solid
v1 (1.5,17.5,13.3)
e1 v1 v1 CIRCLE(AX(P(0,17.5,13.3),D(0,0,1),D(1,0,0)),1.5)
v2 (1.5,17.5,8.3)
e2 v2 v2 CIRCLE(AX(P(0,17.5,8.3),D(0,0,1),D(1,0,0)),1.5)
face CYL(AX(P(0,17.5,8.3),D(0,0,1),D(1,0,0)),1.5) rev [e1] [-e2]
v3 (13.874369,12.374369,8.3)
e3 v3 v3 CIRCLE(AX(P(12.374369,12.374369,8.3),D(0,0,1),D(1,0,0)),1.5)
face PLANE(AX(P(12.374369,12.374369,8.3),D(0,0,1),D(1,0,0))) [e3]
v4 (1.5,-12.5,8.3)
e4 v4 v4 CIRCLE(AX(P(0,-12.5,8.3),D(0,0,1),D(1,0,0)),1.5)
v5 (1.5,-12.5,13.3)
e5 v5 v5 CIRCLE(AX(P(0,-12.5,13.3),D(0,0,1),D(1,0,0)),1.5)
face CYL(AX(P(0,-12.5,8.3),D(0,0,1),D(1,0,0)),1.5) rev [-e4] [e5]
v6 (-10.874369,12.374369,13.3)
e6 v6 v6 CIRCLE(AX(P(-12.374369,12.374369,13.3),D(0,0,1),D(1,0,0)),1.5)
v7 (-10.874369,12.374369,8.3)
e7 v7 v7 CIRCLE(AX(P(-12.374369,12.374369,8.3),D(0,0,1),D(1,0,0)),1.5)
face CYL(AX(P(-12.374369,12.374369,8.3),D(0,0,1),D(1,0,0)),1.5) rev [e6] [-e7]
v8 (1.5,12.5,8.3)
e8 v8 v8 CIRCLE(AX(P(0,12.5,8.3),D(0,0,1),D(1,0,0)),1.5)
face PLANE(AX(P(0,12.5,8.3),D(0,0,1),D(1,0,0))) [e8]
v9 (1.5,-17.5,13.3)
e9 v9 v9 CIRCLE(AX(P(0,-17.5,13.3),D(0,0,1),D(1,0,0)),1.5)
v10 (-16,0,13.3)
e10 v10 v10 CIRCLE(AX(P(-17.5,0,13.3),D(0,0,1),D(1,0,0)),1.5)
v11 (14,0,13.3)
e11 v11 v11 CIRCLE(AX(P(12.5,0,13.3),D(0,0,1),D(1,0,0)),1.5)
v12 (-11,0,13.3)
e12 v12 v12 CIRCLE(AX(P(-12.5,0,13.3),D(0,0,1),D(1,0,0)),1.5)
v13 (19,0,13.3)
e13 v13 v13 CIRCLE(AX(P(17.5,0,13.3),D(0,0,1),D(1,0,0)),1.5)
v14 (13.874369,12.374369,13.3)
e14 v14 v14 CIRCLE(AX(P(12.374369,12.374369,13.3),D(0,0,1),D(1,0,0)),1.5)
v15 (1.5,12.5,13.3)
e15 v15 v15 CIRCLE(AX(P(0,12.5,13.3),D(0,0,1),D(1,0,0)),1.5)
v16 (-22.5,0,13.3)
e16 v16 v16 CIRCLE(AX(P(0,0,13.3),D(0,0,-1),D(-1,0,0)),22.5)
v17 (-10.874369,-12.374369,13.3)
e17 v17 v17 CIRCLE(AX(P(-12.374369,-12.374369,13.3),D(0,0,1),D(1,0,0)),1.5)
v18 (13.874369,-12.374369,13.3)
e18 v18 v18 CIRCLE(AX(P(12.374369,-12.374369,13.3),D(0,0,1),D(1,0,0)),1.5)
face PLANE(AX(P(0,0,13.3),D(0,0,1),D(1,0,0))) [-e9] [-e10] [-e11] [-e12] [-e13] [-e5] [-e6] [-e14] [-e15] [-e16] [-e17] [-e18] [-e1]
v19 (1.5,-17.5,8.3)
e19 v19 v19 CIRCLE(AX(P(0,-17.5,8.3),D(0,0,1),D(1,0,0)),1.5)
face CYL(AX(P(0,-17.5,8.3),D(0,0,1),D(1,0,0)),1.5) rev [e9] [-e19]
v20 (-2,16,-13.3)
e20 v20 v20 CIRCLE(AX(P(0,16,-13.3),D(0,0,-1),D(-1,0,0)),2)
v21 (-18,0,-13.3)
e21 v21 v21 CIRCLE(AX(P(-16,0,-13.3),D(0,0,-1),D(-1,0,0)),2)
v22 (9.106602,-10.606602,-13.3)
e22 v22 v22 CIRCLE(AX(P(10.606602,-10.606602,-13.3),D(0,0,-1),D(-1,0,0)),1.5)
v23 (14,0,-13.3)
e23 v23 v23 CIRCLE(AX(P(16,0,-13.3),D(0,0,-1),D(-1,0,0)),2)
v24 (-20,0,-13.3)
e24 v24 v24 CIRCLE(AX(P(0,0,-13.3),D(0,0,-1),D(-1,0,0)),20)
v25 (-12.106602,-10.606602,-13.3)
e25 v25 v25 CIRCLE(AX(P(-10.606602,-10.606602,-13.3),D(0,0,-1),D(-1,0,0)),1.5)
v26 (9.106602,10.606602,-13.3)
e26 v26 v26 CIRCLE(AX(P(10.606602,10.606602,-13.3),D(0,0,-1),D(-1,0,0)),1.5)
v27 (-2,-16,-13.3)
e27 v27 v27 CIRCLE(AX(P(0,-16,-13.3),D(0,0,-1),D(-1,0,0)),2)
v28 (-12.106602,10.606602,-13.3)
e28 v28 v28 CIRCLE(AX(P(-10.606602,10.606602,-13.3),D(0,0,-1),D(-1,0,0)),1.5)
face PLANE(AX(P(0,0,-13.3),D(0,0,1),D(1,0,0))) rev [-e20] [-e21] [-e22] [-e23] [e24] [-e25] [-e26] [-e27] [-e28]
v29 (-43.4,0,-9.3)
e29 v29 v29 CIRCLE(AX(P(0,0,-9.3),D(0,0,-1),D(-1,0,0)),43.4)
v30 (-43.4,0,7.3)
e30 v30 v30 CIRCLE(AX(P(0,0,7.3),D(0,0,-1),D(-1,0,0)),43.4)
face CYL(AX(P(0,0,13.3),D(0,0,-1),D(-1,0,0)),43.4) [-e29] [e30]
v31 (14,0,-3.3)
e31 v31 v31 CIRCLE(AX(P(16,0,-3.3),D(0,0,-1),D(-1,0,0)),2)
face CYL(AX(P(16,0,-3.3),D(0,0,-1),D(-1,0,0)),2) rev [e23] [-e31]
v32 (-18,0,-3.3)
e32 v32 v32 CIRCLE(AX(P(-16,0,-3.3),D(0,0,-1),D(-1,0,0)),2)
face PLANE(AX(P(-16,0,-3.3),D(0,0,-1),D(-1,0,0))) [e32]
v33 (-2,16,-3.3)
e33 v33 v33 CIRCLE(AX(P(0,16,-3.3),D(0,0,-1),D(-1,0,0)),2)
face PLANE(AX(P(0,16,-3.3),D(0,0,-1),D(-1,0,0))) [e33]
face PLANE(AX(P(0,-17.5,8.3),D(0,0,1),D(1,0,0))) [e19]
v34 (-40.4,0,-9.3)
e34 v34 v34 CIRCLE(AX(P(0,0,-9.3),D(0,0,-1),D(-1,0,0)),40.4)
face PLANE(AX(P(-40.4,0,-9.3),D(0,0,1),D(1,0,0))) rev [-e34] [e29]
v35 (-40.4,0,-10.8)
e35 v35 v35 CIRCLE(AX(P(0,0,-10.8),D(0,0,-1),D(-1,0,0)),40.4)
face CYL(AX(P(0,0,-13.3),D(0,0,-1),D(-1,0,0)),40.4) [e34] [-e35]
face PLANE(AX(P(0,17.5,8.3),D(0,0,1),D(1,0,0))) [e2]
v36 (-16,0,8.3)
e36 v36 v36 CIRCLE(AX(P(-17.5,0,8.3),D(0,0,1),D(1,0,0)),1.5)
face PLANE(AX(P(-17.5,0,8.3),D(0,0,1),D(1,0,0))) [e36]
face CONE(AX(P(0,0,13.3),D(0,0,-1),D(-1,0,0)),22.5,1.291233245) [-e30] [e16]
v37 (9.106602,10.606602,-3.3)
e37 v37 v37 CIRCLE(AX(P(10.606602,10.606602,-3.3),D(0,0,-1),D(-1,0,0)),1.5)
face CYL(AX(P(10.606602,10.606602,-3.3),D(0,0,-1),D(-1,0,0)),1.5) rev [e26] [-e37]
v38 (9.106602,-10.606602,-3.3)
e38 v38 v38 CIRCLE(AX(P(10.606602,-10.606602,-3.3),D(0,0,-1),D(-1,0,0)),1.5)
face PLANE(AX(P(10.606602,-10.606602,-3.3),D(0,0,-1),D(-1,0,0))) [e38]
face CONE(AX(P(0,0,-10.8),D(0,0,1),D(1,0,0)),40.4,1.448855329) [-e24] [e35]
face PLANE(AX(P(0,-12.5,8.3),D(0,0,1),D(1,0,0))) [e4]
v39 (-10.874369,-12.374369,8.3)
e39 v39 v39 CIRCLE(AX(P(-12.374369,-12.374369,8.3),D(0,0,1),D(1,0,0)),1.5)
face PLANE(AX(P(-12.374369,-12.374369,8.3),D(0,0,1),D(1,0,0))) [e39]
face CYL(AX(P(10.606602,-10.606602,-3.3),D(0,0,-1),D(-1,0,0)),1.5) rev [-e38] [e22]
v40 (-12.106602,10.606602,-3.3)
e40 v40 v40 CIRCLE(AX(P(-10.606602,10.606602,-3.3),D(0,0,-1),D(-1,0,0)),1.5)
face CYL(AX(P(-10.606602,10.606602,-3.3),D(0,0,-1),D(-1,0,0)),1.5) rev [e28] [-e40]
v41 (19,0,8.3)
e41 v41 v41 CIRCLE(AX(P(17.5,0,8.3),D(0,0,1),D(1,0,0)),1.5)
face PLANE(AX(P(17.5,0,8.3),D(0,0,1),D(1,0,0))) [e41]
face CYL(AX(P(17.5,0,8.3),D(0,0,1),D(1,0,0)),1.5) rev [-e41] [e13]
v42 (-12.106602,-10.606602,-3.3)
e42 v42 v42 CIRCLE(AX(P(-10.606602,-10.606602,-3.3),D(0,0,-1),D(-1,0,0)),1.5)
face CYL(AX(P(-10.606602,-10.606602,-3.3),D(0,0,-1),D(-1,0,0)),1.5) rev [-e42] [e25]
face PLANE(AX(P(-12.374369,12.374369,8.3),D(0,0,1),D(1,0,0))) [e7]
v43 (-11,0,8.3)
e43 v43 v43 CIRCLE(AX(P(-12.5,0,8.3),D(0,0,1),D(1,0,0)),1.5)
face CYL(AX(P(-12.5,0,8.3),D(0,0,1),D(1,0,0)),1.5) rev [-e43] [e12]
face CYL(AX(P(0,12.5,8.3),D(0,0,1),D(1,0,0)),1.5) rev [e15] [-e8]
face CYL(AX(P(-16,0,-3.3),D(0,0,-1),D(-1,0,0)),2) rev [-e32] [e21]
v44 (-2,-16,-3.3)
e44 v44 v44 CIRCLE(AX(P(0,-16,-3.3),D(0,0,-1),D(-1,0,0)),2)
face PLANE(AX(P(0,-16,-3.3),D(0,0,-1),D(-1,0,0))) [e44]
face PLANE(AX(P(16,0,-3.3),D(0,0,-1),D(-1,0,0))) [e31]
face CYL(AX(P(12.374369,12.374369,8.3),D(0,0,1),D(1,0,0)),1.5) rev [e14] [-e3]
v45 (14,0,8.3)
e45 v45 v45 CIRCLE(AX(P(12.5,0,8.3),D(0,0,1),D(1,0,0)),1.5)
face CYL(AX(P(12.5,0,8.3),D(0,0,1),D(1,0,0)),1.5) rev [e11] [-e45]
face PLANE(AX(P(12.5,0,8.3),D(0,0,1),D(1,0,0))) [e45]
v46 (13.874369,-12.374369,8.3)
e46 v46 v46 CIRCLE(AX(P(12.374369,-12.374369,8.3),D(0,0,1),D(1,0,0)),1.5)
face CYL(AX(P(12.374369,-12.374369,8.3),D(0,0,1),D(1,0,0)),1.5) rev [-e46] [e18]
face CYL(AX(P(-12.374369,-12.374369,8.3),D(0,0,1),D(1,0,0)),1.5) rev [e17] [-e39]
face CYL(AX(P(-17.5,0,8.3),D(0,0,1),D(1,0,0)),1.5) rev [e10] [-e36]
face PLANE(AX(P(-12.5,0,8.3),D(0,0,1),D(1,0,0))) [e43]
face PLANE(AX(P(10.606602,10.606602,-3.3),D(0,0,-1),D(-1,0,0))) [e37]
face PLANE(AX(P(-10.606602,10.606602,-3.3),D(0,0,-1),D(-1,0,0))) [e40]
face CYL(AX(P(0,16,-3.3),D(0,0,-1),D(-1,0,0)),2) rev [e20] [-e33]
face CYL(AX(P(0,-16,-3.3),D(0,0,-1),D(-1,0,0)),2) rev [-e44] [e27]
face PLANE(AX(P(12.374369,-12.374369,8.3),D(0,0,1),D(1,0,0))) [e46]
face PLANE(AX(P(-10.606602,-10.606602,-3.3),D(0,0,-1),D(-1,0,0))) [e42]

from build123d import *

# Parameters (mm, degrees)
SKETCH1_R           = 43.4
BOSS_EXTRUDE1_DEPTH = 13.3
SKETCH3_R           = 1.5
SKETCH3_R_2         = 2
CUT_EXTRUDE1_DEPTH  = 10
SKETCH4_R           = 1.5
CUT_EXTRUDE2_DEPTH  = 5


with BuildPart() as part:
    # Sketch1 → Boss-Extrude1 (new, symmetric)
    with BuildSketch(Plane.XY):
        Circle(SKETCH1_R)
    extrude(amount=BOSS_EXTRUDE1_DEPTH, both=True)

    # Sketch2 → Cut-Revolve1 (revolve, cut)
    with BuildSketch(Plane(origin=(0, 0, 0), x_dir=(1, 0, 0), z_dir=(0, 1, 0))):
        Polygon((-43.4, -7.3), (-22.5, -13.3), (-43.4, -13.3), align=None)
        Polygon((-43.4, 9.3), (-43.4, 13.3), (-20, 13.3), (-40.4, 10.8), (-40.4, 9.3), align=None)
    revolve(axis=Axis((0, 0, -13.3), (0, 0, 1)), mode=Mode.SUBTRACT)

    # Sketch3 → Cut-Extrude1 (cut)
    with BuildSketch(Plane(origin=(0, 0, -13.3), x_dir=(-1, 0, 0), z_dir=(0, 0, -1))):
        with Locations((10.606601718, 10.606601718)):
            Circle(SKETCH3_R)
        with Locations((10.606601718, -10.606601718)):
            Circle(SKETCH3_R)
        with Locations((-10.606601718, -10.606601718)):
            Circle(SKETCH3_R)
        with Locations((-10.606601718, 10.606601718)):
            Circle(SKETCH3_R)
        with Locations((0, 16)):
            Circle(SKETCH3_R_2)
        with Locations((16, 0)):
            Circle(SKETCH3_R_2)
        with Locations((0, -16)):
            Circle(SKETCH3_R_2)
        with Locations((-16, 0)):
            Circle(SKETCH3_R_2)
    extrude(amount=-CUT_EXTRUDE1_DEPTH, mode=Mode.SUBTRACT)

    # Sketch4 → Cut-Extrude2 (cut)
    with BuildSketch(Plane.XY.offset(13.3)):
        with Locations((0, 17.5)):
            Circle(SKETCH4_R)
        with Locations((0, 12.5)):
            Circle(SKETCH4_R)
        with Locations((12.374368671, 12.374368671)):
            Circle(SKETCH4_R)
        with Locations((17.5, 0)):
            Circle(SKETCH4_R)
        with Locations((12.374368671, -12.374368671)):
            Circle(SKETCH4_R)
        with Locations((0, -17.5)):
            Circle(SKETCH4_R)
        with Locations((-12.374368671, -12.374368671)):
            Circle(SKETCH4_R)
        with Locations((-17.5, 0)):
            Circle(SKETCH4_R)
        with Locations((-12.374368671, 12.374368671)):
            Circle(SKETCH4_R)
        with Locations((12.5, 0)):
            Circle(SKETCH4_R)
        with Locations((0, -12.5)):
            Circle(SKETCH4_R)
        with Locations((-12.5, 0)):
            Circle(SKETCH4_R)
    extrude(amount=-CUT_EXTRUDE2_DEPTH, mode=Mode.SUBTRACT)


solid = part.part
